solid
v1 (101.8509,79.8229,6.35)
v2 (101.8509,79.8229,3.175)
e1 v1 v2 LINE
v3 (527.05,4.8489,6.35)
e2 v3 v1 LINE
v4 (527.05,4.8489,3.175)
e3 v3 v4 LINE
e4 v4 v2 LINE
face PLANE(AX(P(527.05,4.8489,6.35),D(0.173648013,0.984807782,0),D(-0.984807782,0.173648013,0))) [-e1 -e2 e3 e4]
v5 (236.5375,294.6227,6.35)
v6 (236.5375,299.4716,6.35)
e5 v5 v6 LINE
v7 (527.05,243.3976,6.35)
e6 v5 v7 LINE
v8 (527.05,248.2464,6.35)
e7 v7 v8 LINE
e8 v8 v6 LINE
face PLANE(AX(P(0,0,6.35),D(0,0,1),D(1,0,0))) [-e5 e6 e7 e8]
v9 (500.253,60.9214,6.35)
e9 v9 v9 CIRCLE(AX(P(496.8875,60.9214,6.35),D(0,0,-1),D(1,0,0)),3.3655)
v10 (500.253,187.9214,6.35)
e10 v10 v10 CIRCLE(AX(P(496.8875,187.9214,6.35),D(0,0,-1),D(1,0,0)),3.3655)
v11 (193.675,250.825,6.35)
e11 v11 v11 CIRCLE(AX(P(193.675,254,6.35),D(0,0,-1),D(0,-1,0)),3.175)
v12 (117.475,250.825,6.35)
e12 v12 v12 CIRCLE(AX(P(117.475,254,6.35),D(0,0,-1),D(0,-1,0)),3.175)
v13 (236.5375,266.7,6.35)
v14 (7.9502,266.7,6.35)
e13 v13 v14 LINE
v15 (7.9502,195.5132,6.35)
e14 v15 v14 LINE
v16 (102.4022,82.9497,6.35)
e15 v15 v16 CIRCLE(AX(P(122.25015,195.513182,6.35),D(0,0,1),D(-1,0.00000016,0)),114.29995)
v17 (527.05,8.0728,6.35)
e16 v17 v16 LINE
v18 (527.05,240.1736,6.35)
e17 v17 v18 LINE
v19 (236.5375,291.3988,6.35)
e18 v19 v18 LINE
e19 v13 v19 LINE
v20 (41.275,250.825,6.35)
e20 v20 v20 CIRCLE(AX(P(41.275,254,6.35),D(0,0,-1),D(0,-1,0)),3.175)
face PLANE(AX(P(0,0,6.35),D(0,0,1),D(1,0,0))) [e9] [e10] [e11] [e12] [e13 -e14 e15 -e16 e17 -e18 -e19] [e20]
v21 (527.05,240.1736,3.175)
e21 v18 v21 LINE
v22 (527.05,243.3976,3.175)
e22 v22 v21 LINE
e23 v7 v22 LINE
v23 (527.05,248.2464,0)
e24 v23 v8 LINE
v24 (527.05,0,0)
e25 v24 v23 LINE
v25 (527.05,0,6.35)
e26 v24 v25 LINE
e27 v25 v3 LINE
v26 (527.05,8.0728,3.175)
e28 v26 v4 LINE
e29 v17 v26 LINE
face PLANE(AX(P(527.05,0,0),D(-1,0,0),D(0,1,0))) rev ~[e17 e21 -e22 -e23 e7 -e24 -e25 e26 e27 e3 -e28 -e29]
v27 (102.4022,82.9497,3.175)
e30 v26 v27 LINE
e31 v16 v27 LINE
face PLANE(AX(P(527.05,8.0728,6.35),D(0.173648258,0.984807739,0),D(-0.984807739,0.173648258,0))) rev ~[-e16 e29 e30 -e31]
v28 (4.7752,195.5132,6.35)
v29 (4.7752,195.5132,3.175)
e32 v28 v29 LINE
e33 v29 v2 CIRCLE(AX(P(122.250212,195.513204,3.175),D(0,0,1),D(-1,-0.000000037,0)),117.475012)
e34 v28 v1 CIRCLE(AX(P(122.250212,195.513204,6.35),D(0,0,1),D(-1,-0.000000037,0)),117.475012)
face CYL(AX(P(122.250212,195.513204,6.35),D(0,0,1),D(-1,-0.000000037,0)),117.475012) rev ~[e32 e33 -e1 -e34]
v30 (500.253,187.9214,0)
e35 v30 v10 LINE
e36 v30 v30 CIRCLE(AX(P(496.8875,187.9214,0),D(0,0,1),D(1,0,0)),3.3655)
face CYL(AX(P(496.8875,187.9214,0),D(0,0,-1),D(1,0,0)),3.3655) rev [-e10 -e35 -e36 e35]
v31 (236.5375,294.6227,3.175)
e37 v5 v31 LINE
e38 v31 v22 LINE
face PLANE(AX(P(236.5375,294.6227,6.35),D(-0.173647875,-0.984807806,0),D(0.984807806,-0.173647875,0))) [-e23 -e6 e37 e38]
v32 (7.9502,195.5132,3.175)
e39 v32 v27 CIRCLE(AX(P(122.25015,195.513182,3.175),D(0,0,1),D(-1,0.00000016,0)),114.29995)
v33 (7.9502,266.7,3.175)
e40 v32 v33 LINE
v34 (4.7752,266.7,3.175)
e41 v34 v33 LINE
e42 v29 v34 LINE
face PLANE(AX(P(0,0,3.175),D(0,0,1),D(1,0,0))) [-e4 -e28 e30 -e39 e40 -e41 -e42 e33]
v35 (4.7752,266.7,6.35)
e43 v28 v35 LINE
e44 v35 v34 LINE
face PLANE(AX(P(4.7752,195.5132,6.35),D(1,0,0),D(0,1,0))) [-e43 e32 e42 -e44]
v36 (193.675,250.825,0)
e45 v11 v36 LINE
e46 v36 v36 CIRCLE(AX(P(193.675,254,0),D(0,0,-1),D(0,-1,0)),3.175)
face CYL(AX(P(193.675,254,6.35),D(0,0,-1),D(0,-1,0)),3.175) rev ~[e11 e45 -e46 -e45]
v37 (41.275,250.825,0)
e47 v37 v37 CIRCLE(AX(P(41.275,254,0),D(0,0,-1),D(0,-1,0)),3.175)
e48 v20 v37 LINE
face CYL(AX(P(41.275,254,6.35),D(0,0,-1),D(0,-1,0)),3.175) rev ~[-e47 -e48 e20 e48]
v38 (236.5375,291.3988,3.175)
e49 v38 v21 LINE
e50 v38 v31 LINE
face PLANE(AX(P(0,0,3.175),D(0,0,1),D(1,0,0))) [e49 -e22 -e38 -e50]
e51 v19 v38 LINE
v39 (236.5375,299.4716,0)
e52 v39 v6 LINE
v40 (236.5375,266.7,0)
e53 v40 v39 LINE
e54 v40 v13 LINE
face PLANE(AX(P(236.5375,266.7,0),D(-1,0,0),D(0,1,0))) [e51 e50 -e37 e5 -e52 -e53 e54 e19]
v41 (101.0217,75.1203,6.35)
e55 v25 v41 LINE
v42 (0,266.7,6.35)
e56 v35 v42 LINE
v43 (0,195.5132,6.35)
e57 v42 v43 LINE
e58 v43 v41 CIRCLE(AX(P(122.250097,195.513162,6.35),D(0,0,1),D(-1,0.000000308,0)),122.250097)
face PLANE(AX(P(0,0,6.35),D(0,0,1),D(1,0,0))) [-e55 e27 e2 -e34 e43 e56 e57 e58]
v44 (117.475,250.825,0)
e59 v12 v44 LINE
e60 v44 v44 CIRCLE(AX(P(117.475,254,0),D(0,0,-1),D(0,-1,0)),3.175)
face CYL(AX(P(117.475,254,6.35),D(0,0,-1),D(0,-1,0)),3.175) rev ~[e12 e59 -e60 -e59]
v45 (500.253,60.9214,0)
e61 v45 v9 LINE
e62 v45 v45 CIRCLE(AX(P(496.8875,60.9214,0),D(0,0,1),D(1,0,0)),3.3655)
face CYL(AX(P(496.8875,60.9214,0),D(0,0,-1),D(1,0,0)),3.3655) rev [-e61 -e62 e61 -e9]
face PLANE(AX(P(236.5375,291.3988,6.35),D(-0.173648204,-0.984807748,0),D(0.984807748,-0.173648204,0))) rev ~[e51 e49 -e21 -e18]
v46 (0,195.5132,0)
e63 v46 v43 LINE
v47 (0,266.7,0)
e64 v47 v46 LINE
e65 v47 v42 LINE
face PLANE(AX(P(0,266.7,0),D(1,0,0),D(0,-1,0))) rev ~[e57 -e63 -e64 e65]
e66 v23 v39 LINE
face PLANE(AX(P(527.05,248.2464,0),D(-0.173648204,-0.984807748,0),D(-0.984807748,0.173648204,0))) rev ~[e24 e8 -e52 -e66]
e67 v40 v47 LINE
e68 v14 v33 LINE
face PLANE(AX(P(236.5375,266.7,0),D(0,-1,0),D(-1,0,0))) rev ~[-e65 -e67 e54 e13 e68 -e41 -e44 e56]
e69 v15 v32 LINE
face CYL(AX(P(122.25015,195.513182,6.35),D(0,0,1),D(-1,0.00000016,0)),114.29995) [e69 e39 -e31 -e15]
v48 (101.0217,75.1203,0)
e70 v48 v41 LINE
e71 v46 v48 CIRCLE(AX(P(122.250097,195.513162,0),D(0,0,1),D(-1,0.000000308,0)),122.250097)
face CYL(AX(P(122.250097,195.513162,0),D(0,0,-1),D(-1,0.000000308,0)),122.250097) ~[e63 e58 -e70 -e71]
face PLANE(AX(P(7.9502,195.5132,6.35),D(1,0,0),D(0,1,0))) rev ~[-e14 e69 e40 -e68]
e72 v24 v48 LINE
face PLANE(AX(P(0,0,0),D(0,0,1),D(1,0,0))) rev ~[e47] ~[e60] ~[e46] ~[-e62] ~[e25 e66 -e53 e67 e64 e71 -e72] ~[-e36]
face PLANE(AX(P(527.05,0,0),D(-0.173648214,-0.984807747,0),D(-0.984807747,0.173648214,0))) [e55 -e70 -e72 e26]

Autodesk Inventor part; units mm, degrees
ref_plane "YZ Plane" through (0, 0, 0) normal (1, 0, 0) x (0, 1, 0)
ref_plane "XZ Plane" through (0, 0, 0) normal (0, 1, 0) x (-1, 0, 0)
ref_plane "XY Plane" through (0, 0, 0) normal (0, 0, 1) x (1, 0, 0)
sketch "Sketch1" plane through (0, 0, 0) normal (0, 0, 1) x (1, 0, 0)
  line L0 (0, 0) -> (236.5375, 0)
  line L1 (527.05, 0) -> (527.05, 248.2464)
  line L2 (236.5375, 266.7) -> (0, 266.7)
  line L3 (0, 266.7) -> (0, 195.5132)
  line L4 (527.05, 0) -> (101.0217, 75.1203)
  line L5 (527.05, 248.2464) -> (236.5375, 299.4716)
  line L6 (236.5375, 266.7) -> (236.5375, 299.4716)
  arc A0 (0, 195.5132) -> (101.0217, 75.1203) centre (122.2502, 195.5132) ccw
  circle A1 centre (496.8875, 187.9214) radius 3.3655
  circle A2 centre (496.8875, 60.9214) radius 3.3655
  point P0 (0, 92.9331)
  dimension "d0" = 266.7
  dimension "d2" = 10
  dimension "d3" = 244.475
  dimension "d4" = 236.5375
  dimension "d5" = 527.05
  dimension "d18" = 122.2502
  dimension "d20" = 6.731
  dimension "d21" = 60.325
  dimension "d22" = 127
  dimension "d23" = 30.1625
  dimension "d24" = 30.1625
extrude "Extrusion1" add sketch "Sketch1" along normal blind 6.35 contours L4 A0 L3 L2 L6 L5 L1 | A1 | A2
sketch "Sketch2" plane through (0, 0, 6.35) normal (0, 0, 1) x (1, 0, 0)
  line L0 (236.5375, 266.7) -> (236.5375, 299.4716) projected
  line L1 (0, 266.7) -> (236.5375, 266.7) projected
  line L2 (0, 195.5132) -> (0, 266.7) projected
  line L3 (527.05, 0) -> (101.0217, 75.1203) projected
  line L4 (527.05, 248.2464) -> (527.05, 0) projected
  line L5 (236.5375, 299.4716) -> (527.05, 248.2464) projected
  line L6 (236.5375, 294.6227) -> (527.05, 243.3976)
  line L7 (527.05, 4.8489) -> (101.8509, 79.8229)
  line L8 (4.7752, 195.5132) -> (4.7752, 266.7)
  line L9 (236.5375, 291.3988) -> (527.05, 240.1736)
  line L10 (527.05, 8.0728) -> (102.4022, 82.9497)
  line L11 (7.9502, 195.5132) -> (7.9502, 266.7)
  line L12 (4.7752, 266.7) -> (7.9502, 266.7)
  line L13 (527.05, 8.0728) -> (527.05, 4.8489)
  line L14 (236.5375, 294.6227) -> (236.5375, 291.3988)
  line L15 (527.05, 243.3976) -> (527.05, 240.1736)
  arc A0 (7.9502, 195.5132) -> (102.4022, 82.9497) centre (122.2502, 195.5132) ccw
  arc A1 (4.7752, 195.5132) -> (101.8509, 79.8229) centre (122.2502, 195.5132) ccw
  point P0 (0, 88.4544)
  point P1 (0, 0)
  point P2 (4.7752, 96.94)
  point P3 (7.9502, 99.6041)
  point P4 (101.0217, 75.1203)
  dimension "d8" = 3.175
  dimension "d9" = 4.7752
  dimension "d10" = 4.7752
  dimension "d11" = 3.175
  dimension "d12" = 4.7752
  dimension "d13" = 3.175
  dimension "d16" = 114.3
  dimension "d17" = 117.475
extrude "Extrusion2" cut sketch "Sketch2" against normal blind 3.175 contours L0 L6 L4 L9 | L11 A0 L10 L4 L7 A1 L8 L1
extrude "Extrusion3" cut sketch "Sketch1" along normal blind 25.4 contours A1 | A2
hole "Hole1" at (41.275, 254, 6.35) direction (0, 0, -1) diameter 6.35 depth 25.4 tip angle 118
pattern_linear "Rectangular Pattern1" count 3 spacing 76.2 along (1, 0, 0) of "Hole1"
equation "\"d24\" = d23"
properties part number "GE-12086-01"
